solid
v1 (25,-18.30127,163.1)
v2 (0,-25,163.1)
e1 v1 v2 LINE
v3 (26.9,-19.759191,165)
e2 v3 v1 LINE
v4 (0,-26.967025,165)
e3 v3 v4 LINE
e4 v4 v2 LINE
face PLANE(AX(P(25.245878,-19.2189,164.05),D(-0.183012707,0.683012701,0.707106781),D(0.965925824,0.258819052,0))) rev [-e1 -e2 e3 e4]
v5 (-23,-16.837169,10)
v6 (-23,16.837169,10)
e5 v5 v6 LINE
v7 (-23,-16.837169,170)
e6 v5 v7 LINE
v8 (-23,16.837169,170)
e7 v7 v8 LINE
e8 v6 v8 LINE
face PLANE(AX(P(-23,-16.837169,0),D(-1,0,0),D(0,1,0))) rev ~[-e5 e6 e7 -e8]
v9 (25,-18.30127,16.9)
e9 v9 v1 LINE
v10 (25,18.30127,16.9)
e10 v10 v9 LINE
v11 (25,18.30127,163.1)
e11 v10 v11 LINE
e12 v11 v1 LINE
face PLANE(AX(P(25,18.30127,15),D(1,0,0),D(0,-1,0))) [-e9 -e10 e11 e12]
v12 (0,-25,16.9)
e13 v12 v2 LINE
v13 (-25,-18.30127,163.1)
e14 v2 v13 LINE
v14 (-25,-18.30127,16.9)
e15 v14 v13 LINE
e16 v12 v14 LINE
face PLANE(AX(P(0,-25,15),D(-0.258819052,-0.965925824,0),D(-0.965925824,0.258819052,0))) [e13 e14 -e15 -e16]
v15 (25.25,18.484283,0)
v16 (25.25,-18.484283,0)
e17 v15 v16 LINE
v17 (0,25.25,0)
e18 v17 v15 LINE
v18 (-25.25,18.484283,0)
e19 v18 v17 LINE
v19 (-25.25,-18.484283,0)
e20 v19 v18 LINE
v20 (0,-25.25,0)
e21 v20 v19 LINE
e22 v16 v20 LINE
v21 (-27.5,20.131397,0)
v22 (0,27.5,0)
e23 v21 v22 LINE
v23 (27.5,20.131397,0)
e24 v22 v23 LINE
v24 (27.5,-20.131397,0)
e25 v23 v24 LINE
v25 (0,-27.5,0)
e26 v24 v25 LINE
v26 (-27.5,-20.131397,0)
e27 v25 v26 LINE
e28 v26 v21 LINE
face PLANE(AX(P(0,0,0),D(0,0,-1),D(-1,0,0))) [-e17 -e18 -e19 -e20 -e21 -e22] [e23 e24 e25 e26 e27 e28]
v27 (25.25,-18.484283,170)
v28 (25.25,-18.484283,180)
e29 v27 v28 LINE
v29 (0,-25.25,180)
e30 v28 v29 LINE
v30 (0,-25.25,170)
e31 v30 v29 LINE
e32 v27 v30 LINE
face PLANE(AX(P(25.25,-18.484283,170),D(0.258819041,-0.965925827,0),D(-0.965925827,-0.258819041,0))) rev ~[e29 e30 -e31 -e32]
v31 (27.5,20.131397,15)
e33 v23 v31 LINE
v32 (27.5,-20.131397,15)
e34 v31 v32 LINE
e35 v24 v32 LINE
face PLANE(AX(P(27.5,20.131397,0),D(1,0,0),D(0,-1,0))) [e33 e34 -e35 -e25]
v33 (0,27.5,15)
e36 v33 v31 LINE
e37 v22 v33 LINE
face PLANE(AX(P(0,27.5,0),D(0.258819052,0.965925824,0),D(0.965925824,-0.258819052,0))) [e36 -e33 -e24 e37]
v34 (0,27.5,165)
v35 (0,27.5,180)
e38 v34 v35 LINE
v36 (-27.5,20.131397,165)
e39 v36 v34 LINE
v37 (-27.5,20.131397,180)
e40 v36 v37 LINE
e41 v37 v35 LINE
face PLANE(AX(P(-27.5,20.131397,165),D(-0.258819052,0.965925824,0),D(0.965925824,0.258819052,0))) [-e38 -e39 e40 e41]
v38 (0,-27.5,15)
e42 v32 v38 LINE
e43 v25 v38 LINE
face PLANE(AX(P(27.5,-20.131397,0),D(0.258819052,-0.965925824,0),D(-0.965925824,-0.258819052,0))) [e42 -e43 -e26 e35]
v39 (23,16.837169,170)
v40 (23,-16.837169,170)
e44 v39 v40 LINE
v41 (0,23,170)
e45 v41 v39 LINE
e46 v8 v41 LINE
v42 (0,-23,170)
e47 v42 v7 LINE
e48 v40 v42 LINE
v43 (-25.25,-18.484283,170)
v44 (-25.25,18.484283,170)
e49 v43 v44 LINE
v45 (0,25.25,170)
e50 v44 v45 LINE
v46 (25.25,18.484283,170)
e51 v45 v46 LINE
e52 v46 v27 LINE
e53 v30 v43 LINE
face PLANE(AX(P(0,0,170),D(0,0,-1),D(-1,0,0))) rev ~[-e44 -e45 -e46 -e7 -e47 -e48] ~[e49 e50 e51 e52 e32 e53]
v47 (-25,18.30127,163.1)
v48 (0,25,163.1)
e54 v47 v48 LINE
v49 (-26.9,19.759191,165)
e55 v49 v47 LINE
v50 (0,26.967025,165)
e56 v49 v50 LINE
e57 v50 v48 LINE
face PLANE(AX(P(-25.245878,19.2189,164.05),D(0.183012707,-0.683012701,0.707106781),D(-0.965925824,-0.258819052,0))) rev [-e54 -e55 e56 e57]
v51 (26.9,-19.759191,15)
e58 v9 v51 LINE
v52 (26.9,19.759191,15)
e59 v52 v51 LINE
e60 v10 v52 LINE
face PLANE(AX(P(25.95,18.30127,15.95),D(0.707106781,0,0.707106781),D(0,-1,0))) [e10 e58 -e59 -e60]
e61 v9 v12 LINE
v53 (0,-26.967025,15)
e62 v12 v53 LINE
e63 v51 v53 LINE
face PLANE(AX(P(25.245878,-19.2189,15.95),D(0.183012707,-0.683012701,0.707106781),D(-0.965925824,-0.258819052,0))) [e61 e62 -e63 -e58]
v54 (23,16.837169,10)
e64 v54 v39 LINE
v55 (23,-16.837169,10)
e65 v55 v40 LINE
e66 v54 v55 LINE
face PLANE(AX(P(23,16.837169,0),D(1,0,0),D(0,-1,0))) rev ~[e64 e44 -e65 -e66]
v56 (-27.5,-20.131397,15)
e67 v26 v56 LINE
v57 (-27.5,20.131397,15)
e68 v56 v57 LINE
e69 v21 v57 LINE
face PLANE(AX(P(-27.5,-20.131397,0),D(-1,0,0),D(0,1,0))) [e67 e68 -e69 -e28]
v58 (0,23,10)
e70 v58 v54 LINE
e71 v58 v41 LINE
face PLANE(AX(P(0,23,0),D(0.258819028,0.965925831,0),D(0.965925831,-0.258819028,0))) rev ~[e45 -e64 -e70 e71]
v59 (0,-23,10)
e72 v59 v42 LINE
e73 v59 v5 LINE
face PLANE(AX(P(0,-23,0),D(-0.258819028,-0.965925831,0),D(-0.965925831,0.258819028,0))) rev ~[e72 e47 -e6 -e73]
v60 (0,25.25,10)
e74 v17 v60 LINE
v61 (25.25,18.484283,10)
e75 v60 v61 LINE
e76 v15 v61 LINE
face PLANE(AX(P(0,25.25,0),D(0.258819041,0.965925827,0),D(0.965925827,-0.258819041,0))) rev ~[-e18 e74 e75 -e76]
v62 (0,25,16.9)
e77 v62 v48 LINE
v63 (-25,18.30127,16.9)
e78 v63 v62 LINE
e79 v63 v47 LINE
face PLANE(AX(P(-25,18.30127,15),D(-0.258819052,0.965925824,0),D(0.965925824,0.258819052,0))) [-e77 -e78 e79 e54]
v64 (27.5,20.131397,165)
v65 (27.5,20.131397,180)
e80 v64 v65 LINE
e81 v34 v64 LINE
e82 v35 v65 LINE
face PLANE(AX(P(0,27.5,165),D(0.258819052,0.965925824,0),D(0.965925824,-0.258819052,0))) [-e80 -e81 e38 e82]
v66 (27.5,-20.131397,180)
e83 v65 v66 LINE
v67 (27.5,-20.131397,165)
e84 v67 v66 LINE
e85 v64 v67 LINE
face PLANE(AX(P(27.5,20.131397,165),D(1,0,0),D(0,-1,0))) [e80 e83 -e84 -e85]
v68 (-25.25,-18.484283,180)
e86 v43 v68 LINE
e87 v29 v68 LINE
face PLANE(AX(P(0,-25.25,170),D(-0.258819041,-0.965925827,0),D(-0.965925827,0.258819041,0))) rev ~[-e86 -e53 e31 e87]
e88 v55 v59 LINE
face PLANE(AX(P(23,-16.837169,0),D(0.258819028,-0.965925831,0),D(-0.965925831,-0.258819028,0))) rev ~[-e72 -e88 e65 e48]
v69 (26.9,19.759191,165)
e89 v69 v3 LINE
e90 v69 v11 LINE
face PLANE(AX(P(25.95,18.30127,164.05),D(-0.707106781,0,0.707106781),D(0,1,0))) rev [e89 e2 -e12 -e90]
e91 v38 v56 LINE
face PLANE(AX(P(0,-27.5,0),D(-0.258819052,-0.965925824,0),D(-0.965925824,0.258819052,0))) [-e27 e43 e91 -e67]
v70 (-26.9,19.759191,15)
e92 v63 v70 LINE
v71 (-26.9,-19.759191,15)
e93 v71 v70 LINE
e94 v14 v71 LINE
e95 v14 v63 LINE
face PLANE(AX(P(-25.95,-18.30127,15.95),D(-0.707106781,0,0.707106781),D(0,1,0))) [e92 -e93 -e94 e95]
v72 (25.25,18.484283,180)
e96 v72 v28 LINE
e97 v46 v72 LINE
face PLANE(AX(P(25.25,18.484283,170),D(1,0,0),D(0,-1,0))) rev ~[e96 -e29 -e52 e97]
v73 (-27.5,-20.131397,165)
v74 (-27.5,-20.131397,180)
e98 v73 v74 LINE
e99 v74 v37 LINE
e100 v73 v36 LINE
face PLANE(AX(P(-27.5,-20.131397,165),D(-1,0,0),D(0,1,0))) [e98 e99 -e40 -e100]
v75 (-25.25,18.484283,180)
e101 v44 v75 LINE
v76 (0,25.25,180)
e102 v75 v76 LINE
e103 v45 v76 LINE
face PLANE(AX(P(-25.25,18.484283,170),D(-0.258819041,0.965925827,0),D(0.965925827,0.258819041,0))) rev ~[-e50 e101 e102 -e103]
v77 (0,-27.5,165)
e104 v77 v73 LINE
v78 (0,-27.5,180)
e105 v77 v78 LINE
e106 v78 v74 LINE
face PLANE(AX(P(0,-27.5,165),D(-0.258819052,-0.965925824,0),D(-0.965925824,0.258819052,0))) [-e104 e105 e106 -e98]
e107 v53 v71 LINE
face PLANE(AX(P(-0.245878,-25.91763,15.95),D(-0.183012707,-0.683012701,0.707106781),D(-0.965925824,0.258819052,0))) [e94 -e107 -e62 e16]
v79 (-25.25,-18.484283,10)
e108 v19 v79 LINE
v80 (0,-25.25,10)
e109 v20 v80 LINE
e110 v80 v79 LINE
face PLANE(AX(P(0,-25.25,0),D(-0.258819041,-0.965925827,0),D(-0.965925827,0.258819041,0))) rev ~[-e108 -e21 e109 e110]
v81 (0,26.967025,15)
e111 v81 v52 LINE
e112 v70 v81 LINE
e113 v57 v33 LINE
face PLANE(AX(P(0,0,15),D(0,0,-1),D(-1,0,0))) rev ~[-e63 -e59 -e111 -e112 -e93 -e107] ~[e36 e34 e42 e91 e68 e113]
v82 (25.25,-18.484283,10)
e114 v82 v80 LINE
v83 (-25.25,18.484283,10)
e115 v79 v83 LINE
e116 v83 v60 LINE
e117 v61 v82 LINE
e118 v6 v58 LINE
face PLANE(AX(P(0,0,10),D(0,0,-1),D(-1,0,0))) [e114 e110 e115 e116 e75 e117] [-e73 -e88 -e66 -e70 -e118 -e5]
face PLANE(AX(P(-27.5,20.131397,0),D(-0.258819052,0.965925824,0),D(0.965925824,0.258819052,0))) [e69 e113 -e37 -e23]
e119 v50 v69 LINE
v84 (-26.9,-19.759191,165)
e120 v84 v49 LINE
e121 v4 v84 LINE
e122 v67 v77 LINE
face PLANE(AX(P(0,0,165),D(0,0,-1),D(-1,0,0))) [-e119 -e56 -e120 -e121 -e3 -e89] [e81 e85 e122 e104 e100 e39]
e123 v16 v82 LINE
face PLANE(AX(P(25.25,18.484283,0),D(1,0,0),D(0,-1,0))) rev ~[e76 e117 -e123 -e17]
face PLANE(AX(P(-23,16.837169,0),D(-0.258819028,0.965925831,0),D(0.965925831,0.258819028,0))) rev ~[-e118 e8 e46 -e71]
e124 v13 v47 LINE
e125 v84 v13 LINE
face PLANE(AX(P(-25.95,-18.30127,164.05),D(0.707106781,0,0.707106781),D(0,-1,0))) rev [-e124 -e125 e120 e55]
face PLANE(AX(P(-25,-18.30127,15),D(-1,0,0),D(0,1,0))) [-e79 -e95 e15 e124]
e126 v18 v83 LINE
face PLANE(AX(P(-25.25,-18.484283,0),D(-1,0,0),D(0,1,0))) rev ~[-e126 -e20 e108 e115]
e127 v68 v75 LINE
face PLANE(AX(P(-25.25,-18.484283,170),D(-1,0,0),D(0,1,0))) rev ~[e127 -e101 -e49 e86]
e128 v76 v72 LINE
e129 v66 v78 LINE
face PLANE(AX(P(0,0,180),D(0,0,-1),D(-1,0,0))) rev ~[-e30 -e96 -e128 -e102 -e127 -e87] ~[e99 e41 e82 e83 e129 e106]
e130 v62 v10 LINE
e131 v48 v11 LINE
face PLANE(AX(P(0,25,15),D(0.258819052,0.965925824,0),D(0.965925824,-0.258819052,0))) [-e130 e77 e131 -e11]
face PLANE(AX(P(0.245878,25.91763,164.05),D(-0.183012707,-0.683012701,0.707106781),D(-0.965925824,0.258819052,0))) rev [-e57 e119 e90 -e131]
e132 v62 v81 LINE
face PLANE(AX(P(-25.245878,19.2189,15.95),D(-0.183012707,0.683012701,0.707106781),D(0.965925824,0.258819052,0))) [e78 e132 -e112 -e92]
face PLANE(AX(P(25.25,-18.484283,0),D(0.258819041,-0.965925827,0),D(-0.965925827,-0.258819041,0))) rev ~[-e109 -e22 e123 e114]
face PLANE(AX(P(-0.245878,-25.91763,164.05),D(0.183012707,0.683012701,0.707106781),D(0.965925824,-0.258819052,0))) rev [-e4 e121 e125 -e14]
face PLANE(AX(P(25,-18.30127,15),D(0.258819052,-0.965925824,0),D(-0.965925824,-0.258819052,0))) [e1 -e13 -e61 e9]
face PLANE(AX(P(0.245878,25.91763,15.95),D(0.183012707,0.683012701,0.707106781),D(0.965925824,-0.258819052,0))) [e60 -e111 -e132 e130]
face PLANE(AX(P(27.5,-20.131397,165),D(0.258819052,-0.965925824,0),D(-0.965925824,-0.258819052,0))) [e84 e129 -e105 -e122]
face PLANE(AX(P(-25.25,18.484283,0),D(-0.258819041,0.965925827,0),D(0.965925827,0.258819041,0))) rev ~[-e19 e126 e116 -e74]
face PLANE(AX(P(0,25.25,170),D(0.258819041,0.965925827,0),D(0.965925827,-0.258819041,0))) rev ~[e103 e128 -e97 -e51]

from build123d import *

# Parameters (mm, degrees)
PAD005_DEPTH = 180
PAD004_DEPTH = 10
PAD002_DEPTH = 15
PAD003_DEPTH = 10
PAD001_DEPTH = 15
PAD_DEPTH    = 150
CHAMFER_SIZE = 1.9


with BuildPart() as body005:
    # Sketch005 → Pad005 (new body)
    with BuildSketch(Plane.XY):
        Polygon((0, 23), (23, 16.837169), (23, -16.837169), (0, -23), (-23, -16.837169), (-23, 16.837169), align=None)
    extrude(amount=PAD005_DEPTH)


with BuildPart() as body004:
    # Sketch004 → Pad004 (new body)
    with BuildSketch(Plane.XY):
        Polygon((0, 25.25), (25.25, 18.484283), (25.25, -18.484283), (0, -25.25), (-25.25, -18.484283), (-25.25, 18.484283), align=None)
    extrude(amount=PAD004_DEPTH)


with BuildPart() as body004_1:
    # Body004 placement: moved
    add(body004.part.moved(Location((0, 0, 5))))


with BuildPart() as cut001:
    # Sketch002 → Pad002 (new body)
    with BuildSketch(Plane.XY):
        Polygon((0, 27.5), (27.5, 20.131397), (27.5, -20.131397), (0, -27.5), (-27.5, -20.131397), (-27.5, 20.131397), align=None)
    extrude(amount=PAD002_DEPTH)

    # Cut001: cut Body004
    add(body004_1.part, mode=Mode.SUBTRACT)


with BuildPart() as cut001_1:
    # Cut001 placement: moved
    add(cut001.part.moved(Location((0, 0, 165))))


with BuildPart() as body003:
    # Sketch003 → Pad003 (new body)
    with BuildSketch(Plane.XY):
        Polygon((0, 25.25), (25.25, 18.484283), (25.25, -18.484283), (0, -25.25), (-25.25, -18.484283), (-25.25, 18.484283), align=None)
    extrude(amount=PAD003_DEPTH)


with BuildPart() as cut:
    # Sketch001 → Pad001 (new body)
    with BuildSketch(Plane.XY):
        Polygon((0, 27.5), (27.5, 20.131397), (27.5, -20.131397), (0, -27.5), (-27.5, -20.131397), (-27.5, 20.131397), align=None)
    extrude(amount=PAD001_DEPTH)

    # Cut: cut Body003
    add(body003.part, mode=Mode.SUBTRACT)


with BuildPart() as chamfer_body:
    # Sketch → Pad (new body)
    with BuildSketch(Plane.XY):
        Polygon((0, 25), (25, 18.30127), (25, -18.30127), (0, -25), (-25, -18.30127), (-25, 18.30127), align=None)
    extrude(amount=PAD_DEPTH)


with BuildPart() as chamfer_body_1:
    # Body placement: moved
    add(chamfer_body.part.moved(Location((0, 0, 15))))

    # Fusion: union Cut
    add(cut.part)

    # Fusion001: union Cut001
    add(cut001_1.part)

    # Cut002: cut Body005
    add(body005.part, mode=Mode.SUBTRACT)

    # Chamfer
    chamfer_edges = [chamfer_body_1.edges().sort_by_distance(p)[0] for p in [
        (-25, 0, 165),
        (-12.5, -21.650635, 165),
        (12.5, -21.650635, 165),
        (25, 0, 165),
        (12.5, 21.650635, 165),
        (-12.5, 21.650635, 165),
        (-25, 0, 15),
        (-12.5, -21.650635, 15),
        (12.5, -21.650635, 15),
        (25, 0, 15),
        (12.5, 21.650635, 15),
        (-12.5, 21.650635, 15),
    ]]
    chamfer(chamfer_edges, length=CHAMFER_SIZE)


solid = chamfer_body_1.part
